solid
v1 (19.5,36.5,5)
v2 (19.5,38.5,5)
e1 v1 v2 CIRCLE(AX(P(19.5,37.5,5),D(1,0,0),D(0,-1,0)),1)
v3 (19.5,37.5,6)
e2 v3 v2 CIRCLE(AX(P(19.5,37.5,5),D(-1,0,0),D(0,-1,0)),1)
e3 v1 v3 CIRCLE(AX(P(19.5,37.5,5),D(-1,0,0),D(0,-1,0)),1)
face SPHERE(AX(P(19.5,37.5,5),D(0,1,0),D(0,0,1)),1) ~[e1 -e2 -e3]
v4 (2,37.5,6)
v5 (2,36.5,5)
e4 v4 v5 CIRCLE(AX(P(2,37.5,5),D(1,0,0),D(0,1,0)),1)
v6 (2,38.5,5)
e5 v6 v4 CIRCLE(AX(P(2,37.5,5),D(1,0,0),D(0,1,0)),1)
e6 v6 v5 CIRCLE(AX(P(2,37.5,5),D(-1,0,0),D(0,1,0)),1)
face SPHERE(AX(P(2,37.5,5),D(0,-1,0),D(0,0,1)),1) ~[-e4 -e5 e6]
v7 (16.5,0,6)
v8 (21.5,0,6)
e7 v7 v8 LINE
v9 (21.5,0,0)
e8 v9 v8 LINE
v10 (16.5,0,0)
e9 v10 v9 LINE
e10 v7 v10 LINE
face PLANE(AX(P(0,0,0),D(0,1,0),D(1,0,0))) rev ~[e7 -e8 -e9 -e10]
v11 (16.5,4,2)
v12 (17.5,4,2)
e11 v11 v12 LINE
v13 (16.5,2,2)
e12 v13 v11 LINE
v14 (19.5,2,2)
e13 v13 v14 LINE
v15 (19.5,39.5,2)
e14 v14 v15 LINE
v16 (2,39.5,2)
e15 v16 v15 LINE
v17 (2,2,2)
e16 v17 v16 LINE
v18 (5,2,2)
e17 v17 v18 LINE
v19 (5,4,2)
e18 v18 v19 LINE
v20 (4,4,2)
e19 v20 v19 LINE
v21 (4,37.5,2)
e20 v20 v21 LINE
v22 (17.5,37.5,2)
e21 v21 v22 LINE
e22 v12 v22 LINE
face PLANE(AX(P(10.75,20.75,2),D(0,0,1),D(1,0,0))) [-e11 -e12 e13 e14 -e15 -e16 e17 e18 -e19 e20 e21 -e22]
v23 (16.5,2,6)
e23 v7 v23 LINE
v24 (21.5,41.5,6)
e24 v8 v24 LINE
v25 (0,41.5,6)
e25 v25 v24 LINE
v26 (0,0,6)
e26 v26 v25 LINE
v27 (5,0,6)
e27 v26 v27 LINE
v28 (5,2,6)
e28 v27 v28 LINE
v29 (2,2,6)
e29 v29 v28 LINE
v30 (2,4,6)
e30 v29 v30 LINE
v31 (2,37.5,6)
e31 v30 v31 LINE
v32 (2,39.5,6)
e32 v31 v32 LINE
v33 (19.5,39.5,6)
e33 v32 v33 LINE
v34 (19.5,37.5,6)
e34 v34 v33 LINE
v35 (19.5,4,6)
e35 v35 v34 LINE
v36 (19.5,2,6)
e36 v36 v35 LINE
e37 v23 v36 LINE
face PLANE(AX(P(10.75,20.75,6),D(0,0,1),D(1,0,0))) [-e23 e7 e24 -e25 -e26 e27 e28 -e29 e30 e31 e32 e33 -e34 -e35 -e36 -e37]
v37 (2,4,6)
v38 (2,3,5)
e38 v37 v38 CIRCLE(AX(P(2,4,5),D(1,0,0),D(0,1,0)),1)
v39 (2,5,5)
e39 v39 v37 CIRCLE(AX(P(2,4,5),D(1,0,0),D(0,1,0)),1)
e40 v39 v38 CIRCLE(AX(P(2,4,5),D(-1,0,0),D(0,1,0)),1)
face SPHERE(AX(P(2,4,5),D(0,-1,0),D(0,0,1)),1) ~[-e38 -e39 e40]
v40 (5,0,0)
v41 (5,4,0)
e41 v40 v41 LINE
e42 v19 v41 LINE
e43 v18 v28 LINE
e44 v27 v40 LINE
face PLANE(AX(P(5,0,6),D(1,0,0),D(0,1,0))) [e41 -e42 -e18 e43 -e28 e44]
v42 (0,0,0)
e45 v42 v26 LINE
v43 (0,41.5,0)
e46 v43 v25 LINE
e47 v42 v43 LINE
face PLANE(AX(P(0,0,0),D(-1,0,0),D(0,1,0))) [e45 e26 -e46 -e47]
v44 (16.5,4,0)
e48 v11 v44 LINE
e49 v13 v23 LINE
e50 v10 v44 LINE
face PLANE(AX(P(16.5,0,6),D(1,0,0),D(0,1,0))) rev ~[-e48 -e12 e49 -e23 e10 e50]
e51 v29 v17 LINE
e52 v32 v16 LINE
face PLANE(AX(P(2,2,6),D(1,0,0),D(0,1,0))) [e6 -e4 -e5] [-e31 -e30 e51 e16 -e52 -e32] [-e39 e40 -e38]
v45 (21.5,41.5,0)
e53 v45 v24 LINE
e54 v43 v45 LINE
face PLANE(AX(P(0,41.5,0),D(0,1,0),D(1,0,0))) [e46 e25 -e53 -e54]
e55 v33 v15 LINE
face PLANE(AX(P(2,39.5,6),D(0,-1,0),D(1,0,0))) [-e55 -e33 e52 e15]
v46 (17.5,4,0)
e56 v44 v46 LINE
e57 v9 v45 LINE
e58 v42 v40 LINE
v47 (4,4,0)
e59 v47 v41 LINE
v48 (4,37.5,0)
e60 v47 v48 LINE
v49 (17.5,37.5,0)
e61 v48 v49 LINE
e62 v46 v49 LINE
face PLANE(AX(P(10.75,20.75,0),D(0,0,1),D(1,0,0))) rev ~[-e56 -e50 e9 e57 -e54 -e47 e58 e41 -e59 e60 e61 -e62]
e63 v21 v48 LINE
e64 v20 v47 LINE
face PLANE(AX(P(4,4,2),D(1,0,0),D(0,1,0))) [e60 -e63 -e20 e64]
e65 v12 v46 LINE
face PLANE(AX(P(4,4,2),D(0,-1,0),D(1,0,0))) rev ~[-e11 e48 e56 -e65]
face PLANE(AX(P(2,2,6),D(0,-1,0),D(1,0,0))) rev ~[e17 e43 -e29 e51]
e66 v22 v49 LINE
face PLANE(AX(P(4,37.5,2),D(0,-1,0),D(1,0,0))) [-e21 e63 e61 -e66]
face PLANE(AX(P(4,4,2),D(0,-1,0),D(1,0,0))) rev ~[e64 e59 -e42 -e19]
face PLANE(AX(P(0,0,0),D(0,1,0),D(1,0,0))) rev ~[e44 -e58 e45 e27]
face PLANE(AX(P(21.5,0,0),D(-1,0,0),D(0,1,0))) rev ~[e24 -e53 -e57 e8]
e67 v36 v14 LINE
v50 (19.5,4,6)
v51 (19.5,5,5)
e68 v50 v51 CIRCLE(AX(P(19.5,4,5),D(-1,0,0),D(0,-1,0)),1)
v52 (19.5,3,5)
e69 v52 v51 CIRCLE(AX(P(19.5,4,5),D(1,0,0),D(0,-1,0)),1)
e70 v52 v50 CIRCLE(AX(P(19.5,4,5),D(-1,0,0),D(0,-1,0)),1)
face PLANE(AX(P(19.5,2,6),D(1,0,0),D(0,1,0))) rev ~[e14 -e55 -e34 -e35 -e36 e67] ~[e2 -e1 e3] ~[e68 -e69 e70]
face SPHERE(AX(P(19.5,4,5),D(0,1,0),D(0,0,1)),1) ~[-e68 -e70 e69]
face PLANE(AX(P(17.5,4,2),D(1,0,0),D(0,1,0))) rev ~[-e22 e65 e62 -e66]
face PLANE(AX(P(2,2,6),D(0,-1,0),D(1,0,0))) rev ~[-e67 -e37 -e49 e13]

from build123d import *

# Parameters (mm, degrees)
SKETCH057_W         = 21.5
SKETCH057_H         = 41.5
PAD033_DEPTH        = 6
SKETCH056_W         = 17.5
SKETCH056_H         = 37.5
POCKET018_DEPTH     = 4
SKETCH059_W         = 13.5
SKETCH059_H         = 33.5
POCKET019_DEPTH     = 2.001
SKETCH058_W         = 11.5
SKETCH058_H         = 4
POCKET017_DEPTH     = 6.001
REVOLUTION003_ANGLE = 180
REVOLUTION004_ANGLE = 180


with BuildPart() as part:
    # Sketch057 → Pad033 (new body)
    with BuildSketch(Plane.XY):
        with Locations((10.75, 20.75)):
            Rectangle(SKETCH057_W, SKETCH057_H)
    extrude(amount=PAD033_DEPTH)

    # Sketch056 (on Face6 of Pad033) → Pocket018 (cut)
    with BuildSketch(Plane.XY.offset(6)):
        with Locations((10.75, 20.75)):
            Rectangle(SKETCH056_W, SKETCH056_H)
    extrude(amount=-POCKET018_DEPTH, mode=Mode.SUBTRACT)

    # Sketch059 (on Face11 of Pocket018) → Pocket019 (cut, through all)
    with BuildSketch(Plane.XY.offset(2)):
        with Locations((10.75, 20.75)):
            Rectangle(SKETCH059_W, SKETCH059_H)
    extrude(amount=-POCKET019_DEPTH, mode=Mode.SUBTRACT)

    # Sketch058 (on Face5 of Pocket019) → Pocket017 (cut, through all)
    with BuildSketch(Plane.XY.offset(6)):
        with Locations((10.75, 2)):
            Rectangle(SKETCH058_W, SKETCH058_H)
    extrude(amount=-POCKET017_DEPTH, mode=Mode.SUBTRACT)

    # Sketch060 (on Face20 of Pocket017) → Revolution003 (revolve)
    with BuildSketch(Plane.YZ.offset(2)):
        with BuildLine():
            ThreePointArc((5, 5), (4, 6), (3, 5))
            Line((3, 5), (5, 5))
        make_face()
        with BuildLine():
            ThreePointArc((38.5, 5), (37.5, 6), (36.5, 5))
            Line((36.5, 5), (38.5, 5))
        make_face()
    revolve(axis=Axis((2, 5, 5), (0, 1, 0)), revolution_arc=REVOLUTION003_ANGLE)

    # Sketch061 (on Face19 of Revolution003) → Revolution004 (revolve)
    with BuildSketch(Plane(origin=(19.5, 0, 0), x_dir=(0, -1, 0), z_dir=(-1, 0, 0))):
        with BuildLine():
            ThreePointArc((-36.5, 5), (-37.5, 6), (-38.5, 5))
            Line((-38.5, 5), (-36.5, 5))
        make_face()
        with BuildLine():
            ThreePointArc((-3, 5), (-4, 6), (-5, 5))
            Line((-5, 5), (-3, 5))
        make_face()
    revolve(axis=Axis((19.5, 36.5, 5), (0, -1, 0)), revolution_arc=REVOLUTION004_ANGLE)


solid = part.part
